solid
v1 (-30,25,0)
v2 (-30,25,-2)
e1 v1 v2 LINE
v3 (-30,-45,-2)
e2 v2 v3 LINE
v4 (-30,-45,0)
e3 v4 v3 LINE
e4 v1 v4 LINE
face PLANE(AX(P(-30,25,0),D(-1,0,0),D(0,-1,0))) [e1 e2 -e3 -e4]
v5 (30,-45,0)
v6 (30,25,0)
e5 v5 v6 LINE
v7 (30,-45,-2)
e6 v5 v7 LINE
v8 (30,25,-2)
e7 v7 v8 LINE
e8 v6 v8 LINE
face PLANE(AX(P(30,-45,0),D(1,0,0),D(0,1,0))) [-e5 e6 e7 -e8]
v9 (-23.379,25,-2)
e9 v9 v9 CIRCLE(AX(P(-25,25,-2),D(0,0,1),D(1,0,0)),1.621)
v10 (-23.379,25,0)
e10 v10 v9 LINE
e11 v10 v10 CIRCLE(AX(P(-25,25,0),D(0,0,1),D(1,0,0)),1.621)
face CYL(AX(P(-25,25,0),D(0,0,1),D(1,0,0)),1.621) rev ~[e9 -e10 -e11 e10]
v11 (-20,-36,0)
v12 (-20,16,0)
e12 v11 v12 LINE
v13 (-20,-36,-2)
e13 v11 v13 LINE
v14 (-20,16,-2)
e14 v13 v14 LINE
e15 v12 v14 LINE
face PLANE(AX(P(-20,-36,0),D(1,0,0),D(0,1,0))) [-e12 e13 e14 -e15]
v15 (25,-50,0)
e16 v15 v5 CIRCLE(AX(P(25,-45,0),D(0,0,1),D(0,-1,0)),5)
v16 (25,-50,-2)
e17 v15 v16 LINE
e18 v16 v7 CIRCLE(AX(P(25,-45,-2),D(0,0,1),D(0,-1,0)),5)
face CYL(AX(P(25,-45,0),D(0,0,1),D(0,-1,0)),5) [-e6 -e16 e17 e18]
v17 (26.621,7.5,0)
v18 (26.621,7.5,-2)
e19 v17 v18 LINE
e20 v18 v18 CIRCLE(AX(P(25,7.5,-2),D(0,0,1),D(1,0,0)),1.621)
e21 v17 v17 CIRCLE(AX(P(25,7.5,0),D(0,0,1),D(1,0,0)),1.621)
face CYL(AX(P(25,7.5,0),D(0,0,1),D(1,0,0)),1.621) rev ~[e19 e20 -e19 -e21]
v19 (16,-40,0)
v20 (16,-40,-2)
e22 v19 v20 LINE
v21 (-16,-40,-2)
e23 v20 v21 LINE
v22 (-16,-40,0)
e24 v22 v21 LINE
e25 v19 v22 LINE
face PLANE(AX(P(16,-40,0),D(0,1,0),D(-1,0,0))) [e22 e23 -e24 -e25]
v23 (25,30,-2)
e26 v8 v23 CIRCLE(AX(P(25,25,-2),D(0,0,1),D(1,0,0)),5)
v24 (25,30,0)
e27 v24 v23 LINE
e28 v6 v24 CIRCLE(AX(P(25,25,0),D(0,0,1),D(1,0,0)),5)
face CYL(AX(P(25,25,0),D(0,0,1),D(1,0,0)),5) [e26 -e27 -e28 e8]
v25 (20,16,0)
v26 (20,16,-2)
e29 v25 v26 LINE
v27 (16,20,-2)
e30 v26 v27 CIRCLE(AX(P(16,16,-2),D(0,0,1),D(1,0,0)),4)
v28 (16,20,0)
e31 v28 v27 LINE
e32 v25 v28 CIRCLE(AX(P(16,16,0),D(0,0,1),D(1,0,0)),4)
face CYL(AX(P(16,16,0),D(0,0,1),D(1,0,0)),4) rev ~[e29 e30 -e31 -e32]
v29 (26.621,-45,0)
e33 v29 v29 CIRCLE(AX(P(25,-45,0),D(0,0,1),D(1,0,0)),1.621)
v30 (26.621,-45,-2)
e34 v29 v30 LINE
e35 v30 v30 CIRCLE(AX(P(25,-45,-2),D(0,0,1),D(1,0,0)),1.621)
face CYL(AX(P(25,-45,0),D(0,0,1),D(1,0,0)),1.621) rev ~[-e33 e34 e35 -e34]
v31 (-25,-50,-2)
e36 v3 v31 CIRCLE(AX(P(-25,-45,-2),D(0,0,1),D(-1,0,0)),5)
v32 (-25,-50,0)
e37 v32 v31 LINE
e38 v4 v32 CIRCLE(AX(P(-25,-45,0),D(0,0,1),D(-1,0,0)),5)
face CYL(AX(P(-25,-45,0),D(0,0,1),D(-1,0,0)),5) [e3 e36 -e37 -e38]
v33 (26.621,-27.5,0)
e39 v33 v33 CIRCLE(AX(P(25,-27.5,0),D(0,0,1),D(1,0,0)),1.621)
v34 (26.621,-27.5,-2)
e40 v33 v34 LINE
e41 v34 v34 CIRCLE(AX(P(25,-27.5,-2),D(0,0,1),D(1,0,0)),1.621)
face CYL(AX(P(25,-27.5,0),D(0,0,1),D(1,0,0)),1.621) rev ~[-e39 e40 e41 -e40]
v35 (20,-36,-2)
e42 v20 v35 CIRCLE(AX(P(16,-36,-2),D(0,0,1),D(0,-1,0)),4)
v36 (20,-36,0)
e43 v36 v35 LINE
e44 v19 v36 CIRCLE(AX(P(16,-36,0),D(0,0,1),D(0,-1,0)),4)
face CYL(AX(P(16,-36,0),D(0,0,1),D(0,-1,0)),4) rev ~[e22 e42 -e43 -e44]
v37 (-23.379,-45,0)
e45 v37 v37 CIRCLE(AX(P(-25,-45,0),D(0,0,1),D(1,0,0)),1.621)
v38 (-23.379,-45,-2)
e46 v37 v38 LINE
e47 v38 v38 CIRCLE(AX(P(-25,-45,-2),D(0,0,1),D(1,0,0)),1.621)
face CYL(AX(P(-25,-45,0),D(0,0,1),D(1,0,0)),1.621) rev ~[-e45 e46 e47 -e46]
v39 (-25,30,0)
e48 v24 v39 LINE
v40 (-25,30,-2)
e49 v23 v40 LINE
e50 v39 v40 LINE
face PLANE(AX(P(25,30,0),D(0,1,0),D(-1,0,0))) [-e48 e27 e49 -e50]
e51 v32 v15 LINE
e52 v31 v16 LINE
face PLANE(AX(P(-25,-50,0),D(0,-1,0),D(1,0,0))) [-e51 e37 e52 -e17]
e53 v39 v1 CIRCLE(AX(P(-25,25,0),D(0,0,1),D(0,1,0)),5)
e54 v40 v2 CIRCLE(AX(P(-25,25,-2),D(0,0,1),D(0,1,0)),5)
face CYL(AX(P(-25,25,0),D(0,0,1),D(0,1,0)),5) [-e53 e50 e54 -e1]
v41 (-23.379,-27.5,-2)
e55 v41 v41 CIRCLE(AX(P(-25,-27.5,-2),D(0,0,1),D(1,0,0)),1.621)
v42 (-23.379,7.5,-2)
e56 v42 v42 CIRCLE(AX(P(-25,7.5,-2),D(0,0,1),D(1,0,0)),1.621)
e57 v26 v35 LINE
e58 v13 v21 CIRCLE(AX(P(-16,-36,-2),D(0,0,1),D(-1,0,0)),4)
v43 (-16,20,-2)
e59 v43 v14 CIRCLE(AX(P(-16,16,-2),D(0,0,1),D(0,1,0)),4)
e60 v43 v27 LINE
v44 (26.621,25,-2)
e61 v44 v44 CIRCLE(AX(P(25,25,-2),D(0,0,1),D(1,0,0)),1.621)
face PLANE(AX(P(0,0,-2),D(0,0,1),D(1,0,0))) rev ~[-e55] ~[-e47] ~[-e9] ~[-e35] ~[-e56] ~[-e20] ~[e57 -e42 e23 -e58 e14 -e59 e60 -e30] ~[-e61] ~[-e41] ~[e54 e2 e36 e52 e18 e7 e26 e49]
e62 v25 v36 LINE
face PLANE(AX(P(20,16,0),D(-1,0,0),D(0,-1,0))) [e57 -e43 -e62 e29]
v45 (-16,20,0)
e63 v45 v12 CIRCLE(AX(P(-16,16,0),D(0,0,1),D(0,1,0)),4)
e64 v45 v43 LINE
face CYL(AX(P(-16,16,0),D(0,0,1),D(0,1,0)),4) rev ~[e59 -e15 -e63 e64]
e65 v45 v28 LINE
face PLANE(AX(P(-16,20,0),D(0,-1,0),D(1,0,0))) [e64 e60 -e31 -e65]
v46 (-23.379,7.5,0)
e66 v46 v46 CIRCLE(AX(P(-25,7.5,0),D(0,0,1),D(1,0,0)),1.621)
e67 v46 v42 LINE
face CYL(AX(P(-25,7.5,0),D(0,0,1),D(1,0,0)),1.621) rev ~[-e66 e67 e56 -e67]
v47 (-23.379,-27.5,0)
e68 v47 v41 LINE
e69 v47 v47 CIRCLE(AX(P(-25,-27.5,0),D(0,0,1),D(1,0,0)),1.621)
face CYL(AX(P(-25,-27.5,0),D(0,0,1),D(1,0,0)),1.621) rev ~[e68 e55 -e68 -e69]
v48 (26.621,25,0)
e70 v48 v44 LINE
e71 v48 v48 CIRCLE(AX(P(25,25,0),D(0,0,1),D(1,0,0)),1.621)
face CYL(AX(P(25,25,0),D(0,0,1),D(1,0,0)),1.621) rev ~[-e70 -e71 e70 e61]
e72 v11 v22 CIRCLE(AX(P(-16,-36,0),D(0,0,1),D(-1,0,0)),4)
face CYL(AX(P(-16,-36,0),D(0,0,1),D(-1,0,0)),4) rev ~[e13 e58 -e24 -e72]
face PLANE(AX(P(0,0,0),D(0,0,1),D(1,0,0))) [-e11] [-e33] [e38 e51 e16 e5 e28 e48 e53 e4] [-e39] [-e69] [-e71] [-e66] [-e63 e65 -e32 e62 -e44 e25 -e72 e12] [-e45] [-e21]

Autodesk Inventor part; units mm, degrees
ref_plane "YZ Plane" through (0, 0, 0) normal (1, 0, 0) x (0, 1, 0)
ref_plane "XZ Plane" through (0, 0, 0) normal (0, 1, 0) x (-1, 0, 0)
ref_plane "XY Plane" through (0, 0, 0) normal (0, 0, 1) x (1, 0, 0)
sketch "Sketch2" plane through (0, 0, 0) normal (0, 0, 1) x (1, 0, 0)
  arc A0 (-30, -45) -> (-25, -50) centre (-25, -45) ccw projected
  line L0 (-25, -50) -> (25, -50) projected
  arc A1 (25, -50) -> (30, -45) centre (25, -45) ccw projected
  line L1 (30, -45) -> (30, 25) projected
  arc A2 (30, 25) -> (25, 30) centre (25, 25) ccw projected
  line L2 (25, 30) -> (-25, 30) projected
  arc A3 (-25, 30) -> (-30, 25) centre (-25, 25) ccw projected
  line L3 (-30, 25) -> (-30, -45) projected
  circle A4 centre (25, -27.5) radius 1.621 projected
  circle A5 centre (-25, 7.5) radius 1.621 projected
  circle A6 centre (-25, 25) radius 1.621 projected
  circle A7 centre (25, -45) radius 1.621 projected
  circle A8 centre (-25, -45) radius 1.621 projected
  circle A9 centre (25, 25) radius 1.621 projected
  circle A10 centre (-25, -27.5) radius 1.621 projected
  circle A11 centre (25, 7.5) radius 1.621 projected
  line L4 (16, -40) -> (-16, -40) projected
  arc A12 (-20, -36) -> (-16, -40) centre (-16, -36) ccw projected
  line L5 (-20, -36) -> (-20, 16) projected
  arc A13 (-16, 20) -> (-20, 16) centre (-16, 16) ccw projected
  line L6 (-16, 20) -> (16, 20) projected
  arc A14 (20, 16) -> (16, 20) centre (16, 16) ccw projected
  line L7 (20, 16) -> (20, -36) projected
  arc A15 (16, -40) -> (20, -36) centre (16, -36) ccw projected
extrude "Extrusion1" add sketch "Sketch2" against normal blind 2
properties part number "P018" material "Polytetrafluoroethylene"
